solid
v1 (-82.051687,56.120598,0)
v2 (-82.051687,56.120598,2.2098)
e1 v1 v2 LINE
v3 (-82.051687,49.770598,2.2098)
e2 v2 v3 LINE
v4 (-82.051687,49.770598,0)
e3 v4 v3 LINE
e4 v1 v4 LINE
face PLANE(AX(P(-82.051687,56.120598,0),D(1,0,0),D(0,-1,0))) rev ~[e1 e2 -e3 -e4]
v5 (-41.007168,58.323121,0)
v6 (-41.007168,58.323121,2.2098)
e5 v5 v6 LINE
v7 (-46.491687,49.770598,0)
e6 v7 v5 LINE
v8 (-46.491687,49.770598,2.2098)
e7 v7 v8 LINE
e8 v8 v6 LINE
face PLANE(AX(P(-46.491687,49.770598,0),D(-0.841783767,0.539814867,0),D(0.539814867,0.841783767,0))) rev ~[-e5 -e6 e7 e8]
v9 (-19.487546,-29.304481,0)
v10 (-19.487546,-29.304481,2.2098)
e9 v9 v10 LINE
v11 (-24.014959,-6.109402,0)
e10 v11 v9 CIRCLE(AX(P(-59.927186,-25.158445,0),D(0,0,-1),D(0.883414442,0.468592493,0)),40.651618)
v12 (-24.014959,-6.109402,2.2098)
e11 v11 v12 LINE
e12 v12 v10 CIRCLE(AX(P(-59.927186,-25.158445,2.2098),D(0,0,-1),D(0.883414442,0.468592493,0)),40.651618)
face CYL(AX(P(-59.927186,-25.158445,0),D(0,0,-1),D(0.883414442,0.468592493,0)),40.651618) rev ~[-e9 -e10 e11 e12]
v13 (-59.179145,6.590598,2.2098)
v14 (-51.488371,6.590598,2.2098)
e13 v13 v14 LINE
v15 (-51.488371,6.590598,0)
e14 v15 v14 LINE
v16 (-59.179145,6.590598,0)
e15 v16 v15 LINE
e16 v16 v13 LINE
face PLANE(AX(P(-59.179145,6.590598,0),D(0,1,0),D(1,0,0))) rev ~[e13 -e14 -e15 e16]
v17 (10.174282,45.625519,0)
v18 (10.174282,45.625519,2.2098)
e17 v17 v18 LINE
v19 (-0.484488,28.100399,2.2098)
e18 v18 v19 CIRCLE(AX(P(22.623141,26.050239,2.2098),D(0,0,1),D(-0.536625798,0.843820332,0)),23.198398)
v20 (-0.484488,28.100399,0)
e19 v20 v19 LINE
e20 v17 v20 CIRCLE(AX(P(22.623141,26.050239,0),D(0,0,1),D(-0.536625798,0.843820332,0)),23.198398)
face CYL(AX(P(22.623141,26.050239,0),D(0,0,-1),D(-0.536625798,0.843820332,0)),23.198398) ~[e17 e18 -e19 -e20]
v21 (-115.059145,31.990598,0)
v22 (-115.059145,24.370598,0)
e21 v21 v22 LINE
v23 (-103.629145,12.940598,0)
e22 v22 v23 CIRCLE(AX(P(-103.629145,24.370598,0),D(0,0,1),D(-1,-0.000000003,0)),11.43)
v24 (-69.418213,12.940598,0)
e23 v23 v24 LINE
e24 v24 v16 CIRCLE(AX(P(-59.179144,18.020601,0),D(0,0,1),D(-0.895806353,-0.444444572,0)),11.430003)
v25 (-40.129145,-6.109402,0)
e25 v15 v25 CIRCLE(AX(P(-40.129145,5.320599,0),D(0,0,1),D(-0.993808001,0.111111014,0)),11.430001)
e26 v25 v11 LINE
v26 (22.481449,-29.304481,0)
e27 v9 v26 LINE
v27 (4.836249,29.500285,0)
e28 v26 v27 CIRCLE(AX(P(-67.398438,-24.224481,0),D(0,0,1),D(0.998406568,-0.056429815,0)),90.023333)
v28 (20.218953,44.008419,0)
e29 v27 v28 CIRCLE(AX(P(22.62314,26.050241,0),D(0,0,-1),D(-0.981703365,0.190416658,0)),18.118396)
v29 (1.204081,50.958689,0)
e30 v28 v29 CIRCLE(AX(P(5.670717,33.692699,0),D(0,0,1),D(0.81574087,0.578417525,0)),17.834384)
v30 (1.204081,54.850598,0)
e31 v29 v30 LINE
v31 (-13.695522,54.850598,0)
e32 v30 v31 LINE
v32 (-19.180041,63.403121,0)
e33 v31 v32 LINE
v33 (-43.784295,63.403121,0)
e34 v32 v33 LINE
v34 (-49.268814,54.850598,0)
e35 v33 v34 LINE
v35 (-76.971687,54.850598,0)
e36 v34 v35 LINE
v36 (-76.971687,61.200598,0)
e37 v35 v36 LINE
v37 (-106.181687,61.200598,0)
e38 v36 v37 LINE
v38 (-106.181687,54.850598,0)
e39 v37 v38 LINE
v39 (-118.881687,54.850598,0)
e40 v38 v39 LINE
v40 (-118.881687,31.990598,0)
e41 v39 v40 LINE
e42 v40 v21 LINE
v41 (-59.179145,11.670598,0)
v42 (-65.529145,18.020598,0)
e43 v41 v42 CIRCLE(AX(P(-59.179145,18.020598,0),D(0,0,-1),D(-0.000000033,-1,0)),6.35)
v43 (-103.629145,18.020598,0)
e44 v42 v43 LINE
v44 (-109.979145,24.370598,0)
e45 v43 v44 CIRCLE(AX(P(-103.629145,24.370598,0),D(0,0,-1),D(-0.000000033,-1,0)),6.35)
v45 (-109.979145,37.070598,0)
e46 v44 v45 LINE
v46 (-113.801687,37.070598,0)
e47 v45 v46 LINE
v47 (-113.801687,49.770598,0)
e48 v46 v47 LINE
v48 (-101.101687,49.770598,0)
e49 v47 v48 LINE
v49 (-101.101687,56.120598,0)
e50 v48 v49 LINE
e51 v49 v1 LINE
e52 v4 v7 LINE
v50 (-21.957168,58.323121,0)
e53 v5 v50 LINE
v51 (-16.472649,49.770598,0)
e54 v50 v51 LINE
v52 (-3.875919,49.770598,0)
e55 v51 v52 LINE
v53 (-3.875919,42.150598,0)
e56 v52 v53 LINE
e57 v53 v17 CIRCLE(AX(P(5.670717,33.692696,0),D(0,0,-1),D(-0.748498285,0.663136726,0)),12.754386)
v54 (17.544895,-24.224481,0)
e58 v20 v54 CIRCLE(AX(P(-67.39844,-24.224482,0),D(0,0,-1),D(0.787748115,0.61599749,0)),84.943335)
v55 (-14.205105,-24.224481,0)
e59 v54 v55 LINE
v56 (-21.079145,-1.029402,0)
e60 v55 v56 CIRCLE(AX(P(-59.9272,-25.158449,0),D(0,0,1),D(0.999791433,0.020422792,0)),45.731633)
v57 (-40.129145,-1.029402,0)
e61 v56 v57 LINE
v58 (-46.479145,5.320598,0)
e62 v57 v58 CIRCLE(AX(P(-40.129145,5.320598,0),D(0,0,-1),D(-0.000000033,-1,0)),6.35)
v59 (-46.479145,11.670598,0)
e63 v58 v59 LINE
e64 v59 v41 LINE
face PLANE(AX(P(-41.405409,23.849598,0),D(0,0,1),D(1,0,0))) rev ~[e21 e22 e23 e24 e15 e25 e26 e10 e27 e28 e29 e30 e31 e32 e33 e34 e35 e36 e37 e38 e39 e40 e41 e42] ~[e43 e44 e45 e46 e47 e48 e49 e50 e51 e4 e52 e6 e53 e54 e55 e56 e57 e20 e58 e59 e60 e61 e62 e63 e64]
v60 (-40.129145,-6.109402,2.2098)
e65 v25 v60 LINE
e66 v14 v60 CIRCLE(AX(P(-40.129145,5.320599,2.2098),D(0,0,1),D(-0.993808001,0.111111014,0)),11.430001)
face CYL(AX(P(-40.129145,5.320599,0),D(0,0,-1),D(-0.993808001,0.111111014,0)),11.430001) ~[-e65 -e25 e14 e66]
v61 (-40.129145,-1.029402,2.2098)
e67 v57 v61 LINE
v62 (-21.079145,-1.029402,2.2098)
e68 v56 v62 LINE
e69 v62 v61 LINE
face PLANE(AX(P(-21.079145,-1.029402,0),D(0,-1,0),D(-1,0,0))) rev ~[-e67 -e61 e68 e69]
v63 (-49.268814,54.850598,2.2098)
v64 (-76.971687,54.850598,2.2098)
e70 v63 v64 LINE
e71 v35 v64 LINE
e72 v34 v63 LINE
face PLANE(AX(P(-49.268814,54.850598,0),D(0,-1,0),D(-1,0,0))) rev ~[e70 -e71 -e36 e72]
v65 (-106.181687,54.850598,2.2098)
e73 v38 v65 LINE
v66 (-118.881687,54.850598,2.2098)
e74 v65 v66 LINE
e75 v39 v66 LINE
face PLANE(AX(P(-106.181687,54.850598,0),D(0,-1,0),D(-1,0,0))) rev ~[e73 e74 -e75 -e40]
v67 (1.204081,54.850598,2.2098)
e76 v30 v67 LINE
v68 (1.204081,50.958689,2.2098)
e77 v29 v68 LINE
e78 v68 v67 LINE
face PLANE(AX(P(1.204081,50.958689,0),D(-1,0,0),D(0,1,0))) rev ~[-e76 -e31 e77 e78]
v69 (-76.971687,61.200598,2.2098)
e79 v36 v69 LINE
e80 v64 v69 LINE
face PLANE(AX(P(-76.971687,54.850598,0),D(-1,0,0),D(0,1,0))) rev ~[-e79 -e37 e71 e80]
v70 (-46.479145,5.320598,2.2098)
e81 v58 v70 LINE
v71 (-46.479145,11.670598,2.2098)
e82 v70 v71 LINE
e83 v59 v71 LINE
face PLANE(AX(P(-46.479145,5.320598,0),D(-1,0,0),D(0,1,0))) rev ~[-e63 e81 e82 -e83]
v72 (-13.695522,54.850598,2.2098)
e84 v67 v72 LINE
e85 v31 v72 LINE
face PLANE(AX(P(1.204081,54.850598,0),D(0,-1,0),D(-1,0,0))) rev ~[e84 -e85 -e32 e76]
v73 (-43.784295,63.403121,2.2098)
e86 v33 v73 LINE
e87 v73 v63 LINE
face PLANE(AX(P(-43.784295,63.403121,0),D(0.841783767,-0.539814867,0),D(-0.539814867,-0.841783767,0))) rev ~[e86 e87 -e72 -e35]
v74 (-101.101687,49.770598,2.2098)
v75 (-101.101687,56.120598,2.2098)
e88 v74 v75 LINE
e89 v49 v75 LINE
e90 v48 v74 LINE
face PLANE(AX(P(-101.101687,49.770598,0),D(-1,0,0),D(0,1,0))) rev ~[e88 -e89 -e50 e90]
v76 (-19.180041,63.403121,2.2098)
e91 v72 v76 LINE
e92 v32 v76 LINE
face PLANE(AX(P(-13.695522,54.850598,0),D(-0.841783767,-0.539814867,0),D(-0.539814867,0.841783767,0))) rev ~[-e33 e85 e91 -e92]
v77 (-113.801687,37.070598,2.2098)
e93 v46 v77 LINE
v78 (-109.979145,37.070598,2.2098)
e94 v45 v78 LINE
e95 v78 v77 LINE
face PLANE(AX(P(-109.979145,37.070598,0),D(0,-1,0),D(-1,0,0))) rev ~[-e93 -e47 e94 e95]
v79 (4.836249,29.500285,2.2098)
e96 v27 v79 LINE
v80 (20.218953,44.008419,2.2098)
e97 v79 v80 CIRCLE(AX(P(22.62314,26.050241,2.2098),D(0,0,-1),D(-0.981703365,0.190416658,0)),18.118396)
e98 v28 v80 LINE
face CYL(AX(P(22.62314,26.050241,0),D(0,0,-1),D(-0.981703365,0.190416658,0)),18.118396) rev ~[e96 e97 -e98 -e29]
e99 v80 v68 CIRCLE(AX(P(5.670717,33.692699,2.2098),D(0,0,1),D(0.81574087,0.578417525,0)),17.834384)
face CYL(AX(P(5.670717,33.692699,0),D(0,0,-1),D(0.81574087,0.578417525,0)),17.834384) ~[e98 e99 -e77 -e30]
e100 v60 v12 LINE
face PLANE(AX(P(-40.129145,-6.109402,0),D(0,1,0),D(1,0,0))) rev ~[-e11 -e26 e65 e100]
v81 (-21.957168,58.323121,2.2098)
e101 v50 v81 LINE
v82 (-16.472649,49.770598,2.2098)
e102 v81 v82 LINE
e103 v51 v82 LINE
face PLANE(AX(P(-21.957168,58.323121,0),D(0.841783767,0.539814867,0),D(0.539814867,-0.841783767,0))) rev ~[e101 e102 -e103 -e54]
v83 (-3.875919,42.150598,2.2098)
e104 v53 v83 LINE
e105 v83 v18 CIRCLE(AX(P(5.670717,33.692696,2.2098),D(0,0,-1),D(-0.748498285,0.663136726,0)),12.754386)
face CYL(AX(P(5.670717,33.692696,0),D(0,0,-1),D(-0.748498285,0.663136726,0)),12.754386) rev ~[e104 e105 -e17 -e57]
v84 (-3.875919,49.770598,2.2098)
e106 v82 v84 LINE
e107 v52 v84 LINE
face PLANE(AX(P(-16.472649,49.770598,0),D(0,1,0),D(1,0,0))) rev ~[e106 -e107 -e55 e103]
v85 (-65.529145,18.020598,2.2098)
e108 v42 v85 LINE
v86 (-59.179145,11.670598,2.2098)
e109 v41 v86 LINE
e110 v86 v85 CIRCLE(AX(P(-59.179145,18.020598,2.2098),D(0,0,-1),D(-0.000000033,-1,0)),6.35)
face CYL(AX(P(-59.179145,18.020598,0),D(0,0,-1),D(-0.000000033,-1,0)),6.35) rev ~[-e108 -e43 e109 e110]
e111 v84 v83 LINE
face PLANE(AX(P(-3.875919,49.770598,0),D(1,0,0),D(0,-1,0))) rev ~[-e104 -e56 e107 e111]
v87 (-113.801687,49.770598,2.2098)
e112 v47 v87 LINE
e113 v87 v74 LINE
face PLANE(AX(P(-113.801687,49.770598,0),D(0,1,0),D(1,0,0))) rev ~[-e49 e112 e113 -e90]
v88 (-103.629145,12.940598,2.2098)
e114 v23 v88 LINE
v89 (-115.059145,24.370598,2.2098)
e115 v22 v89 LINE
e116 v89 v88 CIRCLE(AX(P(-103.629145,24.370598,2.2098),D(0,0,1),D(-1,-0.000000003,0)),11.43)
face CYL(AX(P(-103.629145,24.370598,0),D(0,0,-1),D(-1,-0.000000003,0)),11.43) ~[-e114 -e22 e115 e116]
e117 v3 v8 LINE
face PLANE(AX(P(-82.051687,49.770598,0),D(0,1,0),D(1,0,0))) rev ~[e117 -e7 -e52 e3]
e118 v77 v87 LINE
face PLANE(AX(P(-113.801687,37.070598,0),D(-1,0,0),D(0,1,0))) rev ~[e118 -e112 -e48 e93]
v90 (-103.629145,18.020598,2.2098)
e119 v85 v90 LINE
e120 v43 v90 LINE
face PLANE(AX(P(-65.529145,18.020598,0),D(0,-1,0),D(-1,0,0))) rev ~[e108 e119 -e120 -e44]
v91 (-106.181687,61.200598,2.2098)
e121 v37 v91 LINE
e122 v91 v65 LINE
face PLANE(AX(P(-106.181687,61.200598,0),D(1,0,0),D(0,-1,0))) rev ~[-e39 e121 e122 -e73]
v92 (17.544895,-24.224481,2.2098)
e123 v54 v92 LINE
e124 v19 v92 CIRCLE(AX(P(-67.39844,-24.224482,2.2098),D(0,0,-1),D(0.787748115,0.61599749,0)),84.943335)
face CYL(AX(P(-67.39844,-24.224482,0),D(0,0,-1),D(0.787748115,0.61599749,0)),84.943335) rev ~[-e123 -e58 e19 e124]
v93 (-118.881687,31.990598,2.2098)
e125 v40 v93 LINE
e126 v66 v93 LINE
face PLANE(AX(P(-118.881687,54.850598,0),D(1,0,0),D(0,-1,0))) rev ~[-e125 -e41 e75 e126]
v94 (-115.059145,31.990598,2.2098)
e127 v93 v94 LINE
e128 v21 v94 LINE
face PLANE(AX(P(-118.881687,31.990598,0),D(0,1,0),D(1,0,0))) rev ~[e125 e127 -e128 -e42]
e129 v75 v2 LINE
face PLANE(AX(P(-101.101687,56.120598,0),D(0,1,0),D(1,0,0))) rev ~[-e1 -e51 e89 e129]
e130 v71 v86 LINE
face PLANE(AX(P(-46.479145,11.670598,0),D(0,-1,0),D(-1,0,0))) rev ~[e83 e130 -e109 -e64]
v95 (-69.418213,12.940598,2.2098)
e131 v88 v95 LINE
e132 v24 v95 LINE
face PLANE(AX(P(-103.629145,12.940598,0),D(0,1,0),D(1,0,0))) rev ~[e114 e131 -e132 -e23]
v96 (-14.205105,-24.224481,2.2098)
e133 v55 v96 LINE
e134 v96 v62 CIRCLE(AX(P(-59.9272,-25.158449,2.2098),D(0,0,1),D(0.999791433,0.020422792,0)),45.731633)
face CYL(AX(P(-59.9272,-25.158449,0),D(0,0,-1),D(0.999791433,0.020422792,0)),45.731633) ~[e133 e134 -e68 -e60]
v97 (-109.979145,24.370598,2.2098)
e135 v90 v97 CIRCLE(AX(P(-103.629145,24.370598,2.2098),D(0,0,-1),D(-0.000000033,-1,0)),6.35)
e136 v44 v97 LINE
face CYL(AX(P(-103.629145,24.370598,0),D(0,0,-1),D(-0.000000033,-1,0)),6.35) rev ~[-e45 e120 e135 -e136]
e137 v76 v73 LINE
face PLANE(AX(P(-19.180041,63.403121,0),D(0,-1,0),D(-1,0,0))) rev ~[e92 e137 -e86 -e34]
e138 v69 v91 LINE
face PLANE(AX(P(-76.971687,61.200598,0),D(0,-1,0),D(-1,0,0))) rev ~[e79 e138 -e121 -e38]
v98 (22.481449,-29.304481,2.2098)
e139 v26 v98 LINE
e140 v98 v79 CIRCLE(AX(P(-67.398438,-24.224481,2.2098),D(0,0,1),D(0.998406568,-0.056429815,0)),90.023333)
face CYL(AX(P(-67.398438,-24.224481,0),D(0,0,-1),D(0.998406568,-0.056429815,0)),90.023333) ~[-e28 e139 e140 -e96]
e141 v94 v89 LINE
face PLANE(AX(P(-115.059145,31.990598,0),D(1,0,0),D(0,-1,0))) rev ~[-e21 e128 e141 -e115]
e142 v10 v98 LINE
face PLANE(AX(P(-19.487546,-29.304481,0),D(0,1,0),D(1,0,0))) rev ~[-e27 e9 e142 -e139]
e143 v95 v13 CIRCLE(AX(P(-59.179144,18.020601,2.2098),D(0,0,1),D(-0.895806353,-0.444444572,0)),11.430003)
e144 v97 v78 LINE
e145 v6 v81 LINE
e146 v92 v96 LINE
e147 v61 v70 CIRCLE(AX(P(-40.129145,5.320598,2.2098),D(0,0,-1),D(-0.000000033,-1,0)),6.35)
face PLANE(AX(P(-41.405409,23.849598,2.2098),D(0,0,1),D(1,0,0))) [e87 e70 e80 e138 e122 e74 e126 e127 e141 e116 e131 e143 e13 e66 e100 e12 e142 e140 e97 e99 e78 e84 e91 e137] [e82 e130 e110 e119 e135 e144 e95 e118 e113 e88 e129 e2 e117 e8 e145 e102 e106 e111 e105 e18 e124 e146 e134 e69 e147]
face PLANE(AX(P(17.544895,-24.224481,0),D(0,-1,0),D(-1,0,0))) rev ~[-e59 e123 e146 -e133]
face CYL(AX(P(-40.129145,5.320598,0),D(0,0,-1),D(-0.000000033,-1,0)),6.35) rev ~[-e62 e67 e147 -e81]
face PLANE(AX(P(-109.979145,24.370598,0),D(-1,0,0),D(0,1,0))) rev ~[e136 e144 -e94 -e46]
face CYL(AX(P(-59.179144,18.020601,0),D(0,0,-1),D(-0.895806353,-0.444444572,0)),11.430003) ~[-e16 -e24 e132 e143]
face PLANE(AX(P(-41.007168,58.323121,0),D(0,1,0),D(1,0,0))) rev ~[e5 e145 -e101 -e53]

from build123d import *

# Parameters (mm, degrees)
F1_DEPTH = 2.2098


with BuildPart() as f1:
    # F0 (on Top) → F1 (new body)
    with BuildSketch(Plane.XY):
        with BuildLine():
            Line((-49.268814, 54.850598), (-76.971687, 54.850598))
            Line((-76.971687, 54.850598), (-76.971687, 61.200598))
            Line((-76.971687, 61.200598), (-106.181687, 61.200598))
            Line((-106.181687, 61.200598), (-106.181687, 54.850598))
            Line((-106.181687, 54.850598), (-118.881687, 54.850598))
            Line((-118.881687, 54.850598), (-118.881687, 31.990598))
            Line((-118.881687, 31.990598), (-115.059145, 31.990598))
            Line((-115.059145, 31.990598), (-115.059145, 24.370598))
            ThreePointArc((-115.059145, 24.370598), (-111.711376, 16.288368), (-103.629145, 12.940598))
            Line((-103.629145, 12.940598), (-69.418213, 12.940598))
            ThreePointArc((-69.418213, 12.940598), (-65.203284, 8.306966), (-59.179145, 6.590598))
            Line((-59.179145, 6.590598), (-51.488371, 6.590598))
            ThreePointArc((-51.488371, 6.590598), (-48.648564, -2.299402), (-40.129145, -6.109402))
            Line((-40.129145, -6.109402), (-24.014959, -6.109402))
            ThreePointArc((-24.014959, -6.109402), (-20.028504, -17.370681), (-19.487546, -29.304481))
            Line((-19.487546, -29.304481), (22.481449, -29.304481))
            ThreePointArc((22.481449, -29.304481), (18.826755, 1.648605), (4.836249, 29.500285))
            ThreePointArc((4.836249, 29.500285), (10.191672, 39.231094), (20.218953, 44.008419))
            ThreePointArc((20.218953, 44.008419), (11.793317, 50.443192), (1.204081, 50.958689))
            Line((1.204081, 50.958689), (1.204081, 54.850598))
            Line((1.204081, 54.850598), (-13.695522, 54.850598))
            Line((-13.695522, 54.850598), (-19.180041, 63.403121))
            Line((-19.180041, 63.403121), (-43.784295, 63.403121))
            Line((-43.784295, 63.403121), (-49.268814, 54.850598))
        make_face()
        with BuildLine():
            Line((17.544895, -24.224481), (-14.205105, -24.224481))
            ThreePointArc((-14.205105, -24.224481), (-16.08053, -12.16415), (-21.079145, -1.029402))
            Line((-21.079145, -1.029402), (-40.129145, -1.029402))
            ThreePointArc((-40.129145, -1.029402), (-44.619273, 0.83047), (-46.479145, 5.320598))
            Line((-46.479145, 5.320598), (-46.479145, 11.670598))
            Line((-46.479145, 11.670598), (-59.179145, 11.670598))
            ThreePointArc((-59.179145, 11.670598), (-63.669273, 13.53047), (-65.529145, 18.020598))
            Line((-65.529145, 18.020598), (-103.629145, 18.020598))
            ThreePointArc((-103.629145, 18.020598), (-108.119273, 19.88047), (-109.979145, 24.370598))
            Line((-109.979145, 24.370598), (-109.979145, 37.070598))
            Line((-109.979145, 37.070598), (-113.801687, 37.070598))
            Line((-113.801687, 37.070598), (-113.801687, 49.770598))
            Line((-113.801687, 49.770598), (-101.101687, 49.770598))
            Line((-101.101687, 49.770598), (-101.101687, 56.120598))
            Line((-101.101687, 56.120598), (-82.051687, 56.120598))
            Line((-82.051687, 56.120598), (-82.051687, 49.770598))
            Line((-82.051687, 49.770598), (-46.491687, 49.770598))
            Line((-46.491687, 49.770598), (-41.007168, 58.323121))
            Line((-41.007168, 58.323121), (-21.957168, 58.323121))
            Line((-21.957168, 58.323121), (-16.472649, 49.770598))
            Line((-16.472649, 49.770598), (-3.875919, 49.770598))
            Line((-3.875919, 49.770598), (-3.875919, 42.150598))
            ThreePointArc((-3.875919, 42.150598), (2.608543, 46.074031), (10.174282, 45.625519))
            ThreePointArc((10.174282, 45.625519), (2.802737, 38.105), (-0.484488, 28.100399))
            ThreePointArc((-0.484488, 28.100399), (12.911162, 3.447489), (17.544895, -24.224481))
        make_face(mode=Mode.SUBTRACT)
    extrude(amount=F1_DEPTH)


solid = f1.part
